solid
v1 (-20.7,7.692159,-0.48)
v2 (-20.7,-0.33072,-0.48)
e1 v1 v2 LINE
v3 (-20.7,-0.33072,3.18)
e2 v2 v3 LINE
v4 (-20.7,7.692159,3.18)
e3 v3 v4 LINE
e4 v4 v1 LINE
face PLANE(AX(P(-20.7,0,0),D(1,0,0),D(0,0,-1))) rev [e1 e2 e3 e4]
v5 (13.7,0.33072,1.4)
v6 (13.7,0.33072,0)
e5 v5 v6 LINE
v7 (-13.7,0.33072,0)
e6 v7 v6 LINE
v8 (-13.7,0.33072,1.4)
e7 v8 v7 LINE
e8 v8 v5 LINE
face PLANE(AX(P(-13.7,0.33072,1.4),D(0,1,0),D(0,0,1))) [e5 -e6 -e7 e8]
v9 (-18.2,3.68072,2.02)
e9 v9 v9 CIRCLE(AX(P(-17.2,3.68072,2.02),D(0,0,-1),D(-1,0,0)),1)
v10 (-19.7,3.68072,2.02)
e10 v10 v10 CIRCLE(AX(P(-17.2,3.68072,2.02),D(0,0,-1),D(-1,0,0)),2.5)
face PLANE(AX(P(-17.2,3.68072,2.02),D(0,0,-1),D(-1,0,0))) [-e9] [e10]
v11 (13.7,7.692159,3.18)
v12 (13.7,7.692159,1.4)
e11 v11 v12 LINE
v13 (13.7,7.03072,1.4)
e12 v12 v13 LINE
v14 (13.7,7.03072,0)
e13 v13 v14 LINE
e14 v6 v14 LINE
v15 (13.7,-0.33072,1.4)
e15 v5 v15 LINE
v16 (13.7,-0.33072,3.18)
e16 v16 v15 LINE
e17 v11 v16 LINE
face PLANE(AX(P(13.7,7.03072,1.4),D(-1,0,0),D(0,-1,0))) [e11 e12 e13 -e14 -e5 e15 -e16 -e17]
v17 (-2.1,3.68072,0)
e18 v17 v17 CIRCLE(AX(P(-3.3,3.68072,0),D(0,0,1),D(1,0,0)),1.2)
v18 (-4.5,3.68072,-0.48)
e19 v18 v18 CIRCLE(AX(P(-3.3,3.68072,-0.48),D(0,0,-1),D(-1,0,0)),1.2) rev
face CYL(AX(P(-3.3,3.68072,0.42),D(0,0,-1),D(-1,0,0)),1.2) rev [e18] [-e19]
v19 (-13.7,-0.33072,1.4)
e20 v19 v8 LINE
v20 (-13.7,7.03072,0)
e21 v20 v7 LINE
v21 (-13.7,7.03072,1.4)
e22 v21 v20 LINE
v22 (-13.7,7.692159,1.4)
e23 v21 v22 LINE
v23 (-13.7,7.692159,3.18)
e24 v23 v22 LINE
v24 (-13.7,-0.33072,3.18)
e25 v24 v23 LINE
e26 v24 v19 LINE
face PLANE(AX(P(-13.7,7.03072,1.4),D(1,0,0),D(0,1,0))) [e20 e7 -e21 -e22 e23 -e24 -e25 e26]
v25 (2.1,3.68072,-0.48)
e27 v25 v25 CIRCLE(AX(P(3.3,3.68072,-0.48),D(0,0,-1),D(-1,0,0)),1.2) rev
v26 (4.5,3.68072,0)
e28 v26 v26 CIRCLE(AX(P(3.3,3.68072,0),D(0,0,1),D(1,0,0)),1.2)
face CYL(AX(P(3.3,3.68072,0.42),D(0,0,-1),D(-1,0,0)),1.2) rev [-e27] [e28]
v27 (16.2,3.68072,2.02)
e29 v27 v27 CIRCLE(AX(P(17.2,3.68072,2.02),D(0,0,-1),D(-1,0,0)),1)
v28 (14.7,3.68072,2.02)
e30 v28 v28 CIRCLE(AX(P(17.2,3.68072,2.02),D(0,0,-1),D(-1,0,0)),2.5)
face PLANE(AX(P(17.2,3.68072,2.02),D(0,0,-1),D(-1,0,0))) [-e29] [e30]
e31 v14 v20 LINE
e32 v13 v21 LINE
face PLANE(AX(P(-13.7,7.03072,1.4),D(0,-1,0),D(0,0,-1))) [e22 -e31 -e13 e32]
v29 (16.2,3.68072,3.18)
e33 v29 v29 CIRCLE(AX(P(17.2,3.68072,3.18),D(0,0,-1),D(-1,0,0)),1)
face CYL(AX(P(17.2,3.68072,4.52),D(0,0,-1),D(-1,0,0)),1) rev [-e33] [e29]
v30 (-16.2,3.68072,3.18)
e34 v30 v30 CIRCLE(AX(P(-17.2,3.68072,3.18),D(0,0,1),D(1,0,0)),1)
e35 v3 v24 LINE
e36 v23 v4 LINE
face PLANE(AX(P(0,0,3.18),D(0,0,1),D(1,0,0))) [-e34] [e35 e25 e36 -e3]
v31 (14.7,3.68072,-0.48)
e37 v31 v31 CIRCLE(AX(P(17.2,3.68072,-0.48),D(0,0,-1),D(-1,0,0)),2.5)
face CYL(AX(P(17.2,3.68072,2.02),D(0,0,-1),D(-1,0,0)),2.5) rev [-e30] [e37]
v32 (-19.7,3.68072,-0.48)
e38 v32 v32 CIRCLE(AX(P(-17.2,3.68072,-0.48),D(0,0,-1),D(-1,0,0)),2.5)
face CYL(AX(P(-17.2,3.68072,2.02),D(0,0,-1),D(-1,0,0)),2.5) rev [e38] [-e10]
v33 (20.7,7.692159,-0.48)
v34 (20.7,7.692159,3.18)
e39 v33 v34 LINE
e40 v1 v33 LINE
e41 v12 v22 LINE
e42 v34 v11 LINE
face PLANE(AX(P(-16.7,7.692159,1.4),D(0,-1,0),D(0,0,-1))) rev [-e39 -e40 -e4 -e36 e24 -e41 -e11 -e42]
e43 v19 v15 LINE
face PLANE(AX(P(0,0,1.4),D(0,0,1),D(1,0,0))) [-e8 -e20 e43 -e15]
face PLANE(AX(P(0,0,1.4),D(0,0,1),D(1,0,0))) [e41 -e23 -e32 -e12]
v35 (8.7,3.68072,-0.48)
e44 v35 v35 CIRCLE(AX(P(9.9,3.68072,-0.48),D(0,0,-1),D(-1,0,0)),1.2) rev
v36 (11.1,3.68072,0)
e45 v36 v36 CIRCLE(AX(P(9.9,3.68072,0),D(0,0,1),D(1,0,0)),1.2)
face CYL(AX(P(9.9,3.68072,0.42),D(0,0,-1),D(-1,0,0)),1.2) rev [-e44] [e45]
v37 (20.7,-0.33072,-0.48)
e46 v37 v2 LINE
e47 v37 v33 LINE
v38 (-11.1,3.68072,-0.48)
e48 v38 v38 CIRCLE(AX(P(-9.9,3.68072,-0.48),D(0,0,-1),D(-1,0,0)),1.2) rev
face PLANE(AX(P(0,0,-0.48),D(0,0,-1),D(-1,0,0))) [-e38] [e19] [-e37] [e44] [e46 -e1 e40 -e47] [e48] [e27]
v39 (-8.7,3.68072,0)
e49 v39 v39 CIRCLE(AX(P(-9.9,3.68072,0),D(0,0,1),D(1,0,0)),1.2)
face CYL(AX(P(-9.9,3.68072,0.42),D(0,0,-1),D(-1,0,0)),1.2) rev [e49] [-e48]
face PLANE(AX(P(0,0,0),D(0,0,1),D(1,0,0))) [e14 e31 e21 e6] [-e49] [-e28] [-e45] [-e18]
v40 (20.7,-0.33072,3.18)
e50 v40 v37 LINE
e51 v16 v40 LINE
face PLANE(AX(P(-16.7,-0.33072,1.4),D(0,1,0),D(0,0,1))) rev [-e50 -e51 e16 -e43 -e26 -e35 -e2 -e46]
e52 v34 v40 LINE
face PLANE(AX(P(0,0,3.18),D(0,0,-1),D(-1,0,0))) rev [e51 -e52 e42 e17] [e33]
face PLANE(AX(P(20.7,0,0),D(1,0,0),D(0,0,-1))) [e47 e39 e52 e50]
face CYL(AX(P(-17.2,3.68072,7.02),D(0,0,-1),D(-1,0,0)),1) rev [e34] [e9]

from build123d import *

# Parameters (mm, degrees)
SKETCH_1_W          = 27.4
SKETCH_1_H          = 6.7
EXTRUDE_1_DEPTH     = 1.4
SKETCH_2_W          = 3
SKETCH_2_H          = 8.022879097
EXTRUDE_2_DEPTH     = 1.78
SKETCH_3_W          = 33.4
SKETCH_3_H          = 8.022879097
EXTRUDE_6_DEPTH     = 0.58
SKETCH_4_R          = 1.2
CUT_EXTRUDE_1_DEPTH = 1
SKETCH_6_W          = 33.4
SKETCH_6_H          = 8.022879097
CUT_EXTRUDE_3_DEPTH = 0.1
SKETCH_7_W          = 3.66
SKETCH_7_H          = 8.022879097
EXTRUDE_7_DEPTH     = 4
SKETCH_8_R          = 2.5
CUT_EXTRUDE_4_DEPTH = 2.5
SKETCH_9_R          = 1
CUT_EXTRUDE_5_DEPTH = 5
SKETCH_10_W         = 3.66
SKETCH_10_H         = 8.022879097
EXTRUDE_8_DEPTH     = 4
SKETCH_11_R         = 2.5
CUT_EXTRUDE_6_DEPTH = 2.5
SKETCH_12_R         = 1
CUT_EXTRUDE_7_DEPTH = 2.5


with BuildPart() as part:
    # 스케치1 → 보스-돌출1 (new body)
    with BuildSketch(Plane.XY):
        Polygon((-16.7, -0.330719774), (16.7, -0.330719774), (16.7, 0.330719774), (16.7, 7.030719774), (16.7, 7.692159323), (-16.7, 7.692159323), (-16.7, 7.030719774), (-16.7, 0.330719774), align=None)
        with Locations((0, 3.680719774)):
            Rectangle(SKETCH_1_W, SKETCH_1_H, mode=Mode.SUBTRACT)
    extrude(amount=EXTRUDE_1_DEPTH)

    # 스케치2 → 보스-돌출2 (add)
    with BuildSketch(Plane.XY.offset(1.4)):
        with Locations((-15.2, 3.680719774)):
            Rectangle(SKETCH_2_W, SKETCH_2_H)
        with Locations((15.2, 3.680719774)):
            Rectangle(SKETCH_2_W, SKETCH_2_H)
    extrude(amount=EXTRUDE_2_DEPTH)

    # 스케치3 → 보스-돌출6 (add)
    with BuildSketch(Plane(origin=(0, 0, 0), x_dir=(-1, 0, 0), z_dir=(0, 0, -1))):
        with Locations((0, 3.680719774)):
            Rectangle(SKETCH_3_W, SKETCH_3_H)
    extrude(amount=EXTRUDE_6_DEPTH)

    # 스케치4 → 컷-돌출1 (cut)
    with BuildSketch(Plane(origin=(0, 0, -0.58), x_dir=(-1, 0, 0), z_dir=(0, 0, -1))):
        with Locations((-9.9, 3.680719774)):
            Circle(SKETCH_4_R)
        with Locations((-3.3, 3.680719774)):
            Circle(SKETCH_4_R)
        with Locations((3.3, 3.680719774)):
            Circle(SKETCH_4_R)
        with Locations((9.9, 3.680719774)):
            Circle(SKETCH_4_R)
    extrude(amount=-CUT_EXTRUDE_1_DEPTH, mode=Mode.SUBTRACT)

    # 스케치6 → 컷-돌출3 (cut)
    with BuildSketch(Plane(origin=(0, 0, -0.58), x_dir=(-1, 0, 0), z_dir=(0, 0, -1))):
        with Locations((0, 3.680719774)):
            Rectangle(SKETCH_6_W, SKETCH_6_H)
    extrude(amount=-CUT_EXTRUDE_3_DEPTH, mode=Mode.SUBTRACT)

    # 스케치7 → 보스-돌출7 (add)
    with BuildSketch(Plane.ZY.offset(16.7)):
        with Locations((1.35, 3.680719774)):
            Rectangle(SKETCH_7_W, SKETCH_7_H)
    extrude(amount=EXTRUDE_7_DEPTH)

    # 스케치8 → 컷-돌출4 (cut)
    with BuildSketch(Plane(origin=(0, 0, -0.48), x_dir=(-1, 0, 0), z_dir=(0, 0, -1))):
        with Locations((17.2, 3.680719774)):
            Circle(SKETCH_8_R)
    extrude(amount=-CUT_EXTRUDE_4_DEPTH, mode=Mode.SUBTRACT)

    # 스케치9 → 컷-돌출5 (cut)
    with BuildSketch(Plane(origin=(0, 0, 2.02), x_dir=(-1, 0, 0), z_dir=(0, 0, -1))):
        with Locations((17.2, 3.680719774)):
            Circle(SKETCH_9_R)
    extrude(amount=-CUT_EXTRUDE_5_DEPTH, mode=Mode.SUBTRACT)

    # 스케치10 → 보스-돌출8 (add)
    with BuildSketch(Plane(origin=(16.7, 0, 0), x_dir=(0, 0, -1), z_dir=(1, 0, 0))):
        with Locations((-1.35, 3.680719774)):
            Rectangle(SKETCH_10_W, SKETCH_10_H)
    extrude(amount=EXTRUDE_8_DEPTH)

    # 스케치11 → 컷-돌출6 (cut)
    with BuildSketch(Plane(origin=(0, 0, -0.48), x_dir=(-1, 0, 0), z_dir=(0, 0, -1))):
        with Locations((-17.2, 3.680719774)):
            Circle(SKETCH_11_R)
    extrude(amount=-CUT_EXTRUDE_6_DEPTH, mode=Mode.SUBTRACT)

    # 스케치12 → 컷-돌출7 (cut)
    with BuildSketch(Plane(origin=(0, 0, 2.02), x_dir=(-1, 0, 0), z_dir=(0, 0, -1))):
        with Locations((-17.2, 3.680719774)):
            Circle(SKETCH_12_R)
    extrude(amount=-CUT_EXTRUDE_7_DEPTH, mode=Mode.SUBTRACT)


solid = part.part
